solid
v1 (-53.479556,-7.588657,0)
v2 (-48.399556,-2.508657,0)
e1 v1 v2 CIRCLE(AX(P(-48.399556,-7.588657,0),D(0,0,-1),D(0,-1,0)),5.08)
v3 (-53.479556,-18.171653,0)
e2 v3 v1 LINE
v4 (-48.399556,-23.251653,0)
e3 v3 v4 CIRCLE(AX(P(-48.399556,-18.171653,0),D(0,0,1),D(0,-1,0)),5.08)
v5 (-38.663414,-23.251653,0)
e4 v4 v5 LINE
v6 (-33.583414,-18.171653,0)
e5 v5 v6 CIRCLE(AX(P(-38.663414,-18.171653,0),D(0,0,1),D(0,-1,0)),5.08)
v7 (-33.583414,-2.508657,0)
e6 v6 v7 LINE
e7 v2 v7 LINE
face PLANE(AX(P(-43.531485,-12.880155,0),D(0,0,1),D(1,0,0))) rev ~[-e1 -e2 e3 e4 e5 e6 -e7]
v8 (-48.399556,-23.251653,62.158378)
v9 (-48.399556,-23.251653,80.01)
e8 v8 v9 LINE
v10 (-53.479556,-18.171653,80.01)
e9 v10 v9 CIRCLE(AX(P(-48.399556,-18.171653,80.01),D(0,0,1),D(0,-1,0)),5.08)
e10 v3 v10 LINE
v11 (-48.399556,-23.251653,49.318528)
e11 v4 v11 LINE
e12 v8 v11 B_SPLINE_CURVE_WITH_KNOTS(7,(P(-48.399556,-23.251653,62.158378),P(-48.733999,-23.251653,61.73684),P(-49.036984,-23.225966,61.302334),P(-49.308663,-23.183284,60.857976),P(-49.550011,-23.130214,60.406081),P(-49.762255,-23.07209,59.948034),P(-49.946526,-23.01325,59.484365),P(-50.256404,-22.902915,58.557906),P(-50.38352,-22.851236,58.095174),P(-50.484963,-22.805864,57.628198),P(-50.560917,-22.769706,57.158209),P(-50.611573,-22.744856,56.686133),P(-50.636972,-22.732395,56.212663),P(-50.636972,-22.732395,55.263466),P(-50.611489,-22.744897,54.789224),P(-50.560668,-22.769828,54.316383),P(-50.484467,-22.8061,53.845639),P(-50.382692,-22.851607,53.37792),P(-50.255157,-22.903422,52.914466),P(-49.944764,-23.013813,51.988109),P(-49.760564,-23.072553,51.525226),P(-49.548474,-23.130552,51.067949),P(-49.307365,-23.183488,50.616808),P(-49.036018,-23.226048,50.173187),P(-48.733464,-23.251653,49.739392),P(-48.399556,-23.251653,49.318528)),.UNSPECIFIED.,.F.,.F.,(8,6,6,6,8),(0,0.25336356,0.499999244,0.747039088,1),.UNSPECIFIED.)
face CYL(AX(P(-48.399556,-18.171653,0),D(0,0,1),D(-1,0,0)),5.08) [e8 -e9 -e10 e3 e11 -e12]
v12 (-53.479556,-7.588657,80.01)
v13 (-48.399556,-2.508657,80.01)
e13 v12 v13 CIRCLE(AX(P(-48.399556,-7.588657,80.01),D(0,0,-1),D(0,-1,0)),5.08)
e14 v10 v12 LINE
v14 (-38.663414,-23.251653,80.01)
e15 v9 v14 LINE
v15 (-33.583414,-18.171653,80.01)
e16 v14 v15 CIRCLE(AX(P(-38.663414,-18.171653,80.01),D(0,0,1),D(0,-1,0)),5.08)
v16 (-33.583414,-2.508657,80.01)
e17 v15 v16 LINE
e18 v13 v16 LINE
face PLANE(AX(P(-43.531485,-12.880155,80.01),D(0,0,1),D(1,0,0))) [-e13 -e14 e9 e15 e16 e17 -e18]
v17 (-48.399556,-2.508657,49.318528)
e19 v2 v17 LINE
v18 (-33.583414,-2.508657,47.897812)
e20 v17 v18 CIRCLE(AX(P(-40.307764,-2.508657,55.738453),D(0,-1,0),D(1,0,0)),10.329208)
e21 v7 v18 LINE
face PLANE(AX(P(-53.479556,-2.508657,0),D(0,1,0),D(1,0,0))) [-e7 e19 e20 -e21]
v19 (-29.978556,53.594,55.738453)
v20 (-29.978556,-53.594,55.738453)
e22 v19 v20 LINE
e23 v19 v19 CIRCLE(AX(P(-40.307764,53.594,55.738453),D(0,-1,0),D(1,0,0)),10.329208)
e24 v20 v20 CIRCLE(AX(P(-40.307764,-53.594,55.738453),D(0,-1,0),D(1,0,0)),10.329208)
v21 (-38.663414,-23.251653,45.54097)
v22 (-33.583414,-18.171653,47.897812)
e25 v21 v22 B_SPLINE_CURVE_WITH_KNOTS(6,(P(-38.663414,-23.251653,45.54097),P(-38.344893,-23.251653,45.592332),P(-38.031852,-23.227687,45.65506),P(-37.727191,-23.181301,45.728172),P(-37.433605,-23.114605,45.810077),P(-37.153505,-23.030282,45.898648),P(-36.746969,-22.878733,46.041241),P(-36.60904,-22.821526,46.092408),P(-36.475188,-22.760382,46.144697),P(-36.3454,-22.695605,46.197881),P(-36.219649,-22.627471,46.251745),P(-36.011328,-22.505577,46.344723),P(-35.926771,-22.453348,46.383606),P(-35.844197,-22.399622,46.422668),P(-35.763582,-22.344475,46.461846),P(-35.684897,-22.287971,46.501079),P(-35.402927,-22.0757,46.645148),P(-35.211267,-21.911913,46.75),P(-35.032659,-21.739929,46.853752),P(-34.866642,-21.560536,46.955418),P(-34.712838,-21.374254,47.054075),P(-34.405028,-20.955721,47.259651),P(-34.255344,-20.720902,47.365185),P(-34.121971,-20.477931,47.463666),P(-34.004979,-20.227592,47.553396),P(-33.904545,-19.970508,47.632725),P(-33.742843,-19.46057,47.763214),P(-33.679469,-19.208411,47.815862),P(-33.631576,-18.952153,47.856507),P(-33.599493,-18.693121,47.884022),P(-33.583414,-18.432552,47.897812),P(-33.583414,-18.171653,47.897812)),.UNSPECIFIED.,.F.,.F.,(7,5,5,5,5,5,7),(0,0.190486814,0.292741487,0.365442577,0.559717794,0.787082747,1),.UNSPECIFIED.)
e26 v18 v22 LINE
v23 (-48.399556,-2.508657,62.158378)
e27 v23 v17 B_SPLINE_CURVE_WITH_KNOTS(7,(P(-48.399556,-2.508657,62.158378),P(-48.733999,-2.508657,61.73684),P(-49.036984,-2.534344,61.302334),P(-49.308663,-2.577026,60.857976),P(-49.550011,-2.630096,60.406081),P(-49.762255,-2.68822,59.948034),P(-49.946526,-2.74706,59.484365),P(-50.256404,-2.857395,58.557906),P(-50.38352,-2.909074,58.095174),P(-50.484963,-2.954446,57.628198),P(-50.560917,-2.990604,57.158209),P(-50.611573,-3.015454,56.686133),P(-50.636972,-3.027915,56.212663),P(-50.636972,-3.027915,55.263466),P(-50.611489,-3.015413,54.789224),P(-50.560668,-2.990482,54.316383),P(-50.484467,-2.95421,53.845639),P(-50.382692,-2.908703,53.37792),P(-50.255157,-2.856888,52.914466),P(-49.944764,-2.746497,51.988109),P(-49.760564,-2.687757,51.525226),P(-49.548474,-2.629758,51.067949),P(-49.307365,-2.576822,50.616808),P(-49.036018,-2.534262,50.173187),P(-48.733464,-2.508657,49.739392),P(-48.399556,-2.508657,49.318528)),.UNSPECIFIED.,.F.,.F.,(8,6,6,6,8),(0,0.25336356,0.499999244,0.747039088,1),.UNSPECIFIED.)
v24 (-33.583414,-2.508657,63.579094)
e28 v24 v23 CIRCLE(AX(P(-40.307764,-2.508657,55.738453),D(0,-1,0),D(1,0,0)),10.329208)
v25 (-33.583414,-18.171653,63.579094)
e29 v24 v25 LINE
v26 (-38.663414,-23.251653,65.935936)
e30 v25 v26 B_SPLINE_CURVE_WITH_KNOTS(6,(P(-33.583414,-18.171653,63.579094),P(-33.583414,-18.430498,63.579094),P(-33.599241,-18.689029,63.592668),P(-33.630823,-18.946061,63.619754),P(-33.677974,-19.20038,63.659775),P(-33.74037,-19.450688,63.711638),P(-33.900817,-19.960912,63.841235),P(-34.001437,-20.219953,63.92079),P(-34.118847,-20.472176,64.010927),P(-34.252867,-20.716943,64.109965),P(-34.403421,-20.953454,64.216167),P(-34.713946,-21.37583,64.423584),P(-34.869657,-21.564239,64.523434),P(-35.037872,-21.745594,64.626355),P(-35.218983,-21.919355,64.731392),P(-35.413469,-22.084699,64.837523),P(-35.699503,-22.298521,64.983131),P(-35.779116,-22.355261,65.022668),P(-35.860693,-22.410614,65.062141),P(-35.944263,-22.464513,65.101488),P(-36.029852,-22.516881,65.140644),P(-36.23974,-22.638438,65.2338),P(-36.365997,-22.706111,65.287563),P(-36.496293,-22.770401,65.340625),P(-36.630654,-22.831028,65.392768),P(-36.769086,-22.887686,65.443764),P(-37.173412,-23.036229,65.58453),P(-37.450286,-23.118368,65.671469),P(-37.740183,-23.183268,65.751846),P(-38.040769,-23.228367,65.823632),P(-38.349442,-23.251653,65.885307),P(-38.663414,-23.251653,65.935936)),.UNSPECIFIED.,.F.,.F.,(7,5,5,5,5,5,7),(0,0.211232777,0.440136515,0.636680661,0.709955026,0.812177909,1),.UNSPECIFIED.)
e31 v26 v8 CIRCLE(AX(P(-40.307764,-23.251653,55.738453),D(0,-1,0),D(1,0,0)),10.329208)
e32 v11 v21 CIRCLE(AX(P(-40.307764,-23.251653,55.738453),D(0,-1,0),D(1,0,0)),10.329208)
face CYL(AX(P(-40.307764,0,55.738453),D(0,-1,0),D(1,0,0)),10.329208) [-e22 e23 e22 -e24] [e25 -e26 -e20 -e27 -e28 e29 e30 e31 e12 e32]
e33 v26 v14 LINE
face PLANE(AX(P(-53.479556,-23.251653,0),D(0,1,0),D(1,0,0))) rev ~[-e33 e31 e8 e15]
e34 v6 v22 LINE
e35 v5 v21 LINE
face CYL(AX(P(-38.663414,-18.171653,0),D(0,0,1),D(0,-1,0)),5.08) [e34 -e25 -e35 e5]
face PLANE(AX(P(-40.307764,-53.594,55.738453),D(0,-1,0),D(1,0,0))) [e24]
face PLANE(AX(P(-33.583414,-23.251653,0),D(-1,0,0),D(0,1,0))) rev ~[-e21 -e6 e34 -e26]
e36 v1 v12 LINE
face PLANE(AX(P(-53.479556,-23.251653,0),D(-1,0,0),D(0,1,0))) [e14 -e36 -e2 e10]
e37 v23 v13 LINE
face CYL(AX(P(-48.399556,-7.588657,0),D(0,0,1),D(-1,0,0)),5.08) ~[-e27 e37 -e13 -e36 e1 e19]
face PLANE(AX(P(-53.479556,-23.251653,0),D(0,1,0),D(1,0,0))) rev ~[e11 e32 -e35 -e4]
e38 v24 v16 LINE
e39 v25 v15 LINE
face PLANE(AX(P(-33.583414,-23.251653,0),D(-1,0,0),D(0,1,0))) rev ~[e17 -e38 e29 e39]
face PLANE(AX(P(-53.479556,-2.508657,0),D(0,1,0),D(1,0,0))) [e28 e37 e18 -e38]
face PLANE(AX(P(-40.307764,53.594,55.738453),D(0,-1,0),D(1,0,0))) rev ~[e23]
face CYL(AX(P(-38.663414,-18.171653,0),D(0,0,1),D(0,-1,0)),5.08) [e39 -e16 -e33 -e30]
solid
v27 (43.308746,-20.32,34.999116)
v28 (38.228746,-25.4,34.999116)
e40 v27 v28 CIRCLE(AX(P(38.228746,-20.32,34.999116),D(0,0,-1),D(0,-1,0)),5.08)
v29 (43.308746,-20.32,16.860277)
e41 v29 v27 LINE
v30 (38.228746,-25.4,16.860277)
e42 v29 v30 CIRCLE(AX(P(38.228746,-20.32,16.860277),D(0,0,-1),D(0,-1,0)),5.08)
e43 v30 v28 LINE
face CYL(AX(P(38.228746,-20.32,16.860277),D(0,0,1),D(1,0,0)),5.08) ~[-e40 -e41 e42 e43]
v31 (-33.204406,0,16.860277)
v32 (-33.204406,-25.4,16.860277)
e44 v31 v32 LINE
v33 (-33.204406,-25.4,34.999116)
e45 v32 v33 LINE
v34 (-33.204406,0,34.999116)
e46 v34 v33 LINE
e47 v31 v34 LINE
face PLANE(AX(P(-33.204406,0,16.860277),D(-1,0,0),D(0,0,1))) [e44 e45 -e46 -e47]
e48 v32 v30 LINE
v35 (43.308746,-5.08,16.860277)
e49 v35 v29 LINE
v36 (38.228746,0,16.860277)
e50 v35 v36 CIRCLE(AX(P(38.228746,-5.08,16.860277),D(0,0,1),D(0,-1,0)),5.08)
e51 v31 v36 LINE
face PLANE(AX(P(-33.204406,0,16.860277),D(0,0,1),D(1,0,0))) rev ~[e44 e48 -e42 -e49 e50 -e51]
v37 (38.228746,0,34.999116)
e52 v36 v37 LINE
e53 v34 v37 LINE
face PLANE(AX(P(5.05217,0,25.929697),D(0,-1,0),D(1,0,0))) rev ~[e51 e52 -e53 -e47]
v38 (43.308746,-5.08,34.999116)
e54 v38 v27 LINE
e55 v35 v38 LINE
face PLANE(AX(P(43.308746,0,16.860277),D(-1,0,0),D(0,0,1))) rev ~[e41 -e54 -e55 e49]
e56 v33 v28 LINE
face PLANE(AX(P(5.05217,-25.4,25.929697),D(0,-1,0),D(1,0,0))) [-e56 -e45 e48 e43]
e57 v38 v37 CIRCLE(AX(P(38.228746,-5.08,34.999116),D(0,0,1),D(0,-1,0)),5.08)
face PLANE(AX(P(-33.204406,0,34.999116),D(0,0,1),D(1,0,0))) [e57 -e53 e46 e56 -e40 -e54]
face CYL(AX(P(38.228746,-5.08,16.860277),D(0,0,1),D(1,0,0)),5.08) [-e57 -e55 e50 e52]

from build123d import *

# Parameters (mm, degrees)
F0_W     = 76.513152
F0_H     = 18.138839
F1_DEPTH = 25.4
F2_W     = 19.896142
F2_H     = 20.742996
F3_DEPTH = 80.01
F4_R     = 5.08
F4_2_R   = 5.08
F5_R     = 10.329208
F6_DEPTH = 53.594


with BuildPart() as f1:
    # F0 (on Front) → F1 (new body)
    with BuildSketch(Plane.XZ):
        with Locations((5.05217, 25.929697)):
            Rectangle(F0_W, F0_H)
    extrude(amount=F1_DEPTH)

    # F4
    f4_edges = [f1.edges().sort_by_distance(p)[0] for p in [
        (43.308746, -25.4, 25.929698),
        (43.308746, 0, 25.929698),
    ]]
    fillet(f4_edges, radius=F4_R)


with BuildPart() as f3:
    # F2 (on Top) → F3 (new body)
    with BuildSketch(Plane.XY):
        with Locations((-43.531485, -12.880155)):
            Rectangle(F2_W, F2_H)
    extrude(amount=F3_DEPTH)

    # F4#2
    f4_2_edges = [f3.edges().sort_by_distance(p)[0] for p in [
        (-33.583414, -23.251653, 40.005),
        (-53.479556, -2.508657, 40.005),
        (-53.479556, -23.251653, 40.005),
    ]]
    fillet(f4_2_edges, radius=F4_2_R)

    # F5 (on Front) → F6 (join, symmetric)
    with BuildSketch(Plane.XZ):
        with Locations((-40.307764, 55.738453)):
            Circle(F5_R)
    extrude(amount=F6_DEPTH, both=True)


solid = Compound([f1.part, f3.part])
